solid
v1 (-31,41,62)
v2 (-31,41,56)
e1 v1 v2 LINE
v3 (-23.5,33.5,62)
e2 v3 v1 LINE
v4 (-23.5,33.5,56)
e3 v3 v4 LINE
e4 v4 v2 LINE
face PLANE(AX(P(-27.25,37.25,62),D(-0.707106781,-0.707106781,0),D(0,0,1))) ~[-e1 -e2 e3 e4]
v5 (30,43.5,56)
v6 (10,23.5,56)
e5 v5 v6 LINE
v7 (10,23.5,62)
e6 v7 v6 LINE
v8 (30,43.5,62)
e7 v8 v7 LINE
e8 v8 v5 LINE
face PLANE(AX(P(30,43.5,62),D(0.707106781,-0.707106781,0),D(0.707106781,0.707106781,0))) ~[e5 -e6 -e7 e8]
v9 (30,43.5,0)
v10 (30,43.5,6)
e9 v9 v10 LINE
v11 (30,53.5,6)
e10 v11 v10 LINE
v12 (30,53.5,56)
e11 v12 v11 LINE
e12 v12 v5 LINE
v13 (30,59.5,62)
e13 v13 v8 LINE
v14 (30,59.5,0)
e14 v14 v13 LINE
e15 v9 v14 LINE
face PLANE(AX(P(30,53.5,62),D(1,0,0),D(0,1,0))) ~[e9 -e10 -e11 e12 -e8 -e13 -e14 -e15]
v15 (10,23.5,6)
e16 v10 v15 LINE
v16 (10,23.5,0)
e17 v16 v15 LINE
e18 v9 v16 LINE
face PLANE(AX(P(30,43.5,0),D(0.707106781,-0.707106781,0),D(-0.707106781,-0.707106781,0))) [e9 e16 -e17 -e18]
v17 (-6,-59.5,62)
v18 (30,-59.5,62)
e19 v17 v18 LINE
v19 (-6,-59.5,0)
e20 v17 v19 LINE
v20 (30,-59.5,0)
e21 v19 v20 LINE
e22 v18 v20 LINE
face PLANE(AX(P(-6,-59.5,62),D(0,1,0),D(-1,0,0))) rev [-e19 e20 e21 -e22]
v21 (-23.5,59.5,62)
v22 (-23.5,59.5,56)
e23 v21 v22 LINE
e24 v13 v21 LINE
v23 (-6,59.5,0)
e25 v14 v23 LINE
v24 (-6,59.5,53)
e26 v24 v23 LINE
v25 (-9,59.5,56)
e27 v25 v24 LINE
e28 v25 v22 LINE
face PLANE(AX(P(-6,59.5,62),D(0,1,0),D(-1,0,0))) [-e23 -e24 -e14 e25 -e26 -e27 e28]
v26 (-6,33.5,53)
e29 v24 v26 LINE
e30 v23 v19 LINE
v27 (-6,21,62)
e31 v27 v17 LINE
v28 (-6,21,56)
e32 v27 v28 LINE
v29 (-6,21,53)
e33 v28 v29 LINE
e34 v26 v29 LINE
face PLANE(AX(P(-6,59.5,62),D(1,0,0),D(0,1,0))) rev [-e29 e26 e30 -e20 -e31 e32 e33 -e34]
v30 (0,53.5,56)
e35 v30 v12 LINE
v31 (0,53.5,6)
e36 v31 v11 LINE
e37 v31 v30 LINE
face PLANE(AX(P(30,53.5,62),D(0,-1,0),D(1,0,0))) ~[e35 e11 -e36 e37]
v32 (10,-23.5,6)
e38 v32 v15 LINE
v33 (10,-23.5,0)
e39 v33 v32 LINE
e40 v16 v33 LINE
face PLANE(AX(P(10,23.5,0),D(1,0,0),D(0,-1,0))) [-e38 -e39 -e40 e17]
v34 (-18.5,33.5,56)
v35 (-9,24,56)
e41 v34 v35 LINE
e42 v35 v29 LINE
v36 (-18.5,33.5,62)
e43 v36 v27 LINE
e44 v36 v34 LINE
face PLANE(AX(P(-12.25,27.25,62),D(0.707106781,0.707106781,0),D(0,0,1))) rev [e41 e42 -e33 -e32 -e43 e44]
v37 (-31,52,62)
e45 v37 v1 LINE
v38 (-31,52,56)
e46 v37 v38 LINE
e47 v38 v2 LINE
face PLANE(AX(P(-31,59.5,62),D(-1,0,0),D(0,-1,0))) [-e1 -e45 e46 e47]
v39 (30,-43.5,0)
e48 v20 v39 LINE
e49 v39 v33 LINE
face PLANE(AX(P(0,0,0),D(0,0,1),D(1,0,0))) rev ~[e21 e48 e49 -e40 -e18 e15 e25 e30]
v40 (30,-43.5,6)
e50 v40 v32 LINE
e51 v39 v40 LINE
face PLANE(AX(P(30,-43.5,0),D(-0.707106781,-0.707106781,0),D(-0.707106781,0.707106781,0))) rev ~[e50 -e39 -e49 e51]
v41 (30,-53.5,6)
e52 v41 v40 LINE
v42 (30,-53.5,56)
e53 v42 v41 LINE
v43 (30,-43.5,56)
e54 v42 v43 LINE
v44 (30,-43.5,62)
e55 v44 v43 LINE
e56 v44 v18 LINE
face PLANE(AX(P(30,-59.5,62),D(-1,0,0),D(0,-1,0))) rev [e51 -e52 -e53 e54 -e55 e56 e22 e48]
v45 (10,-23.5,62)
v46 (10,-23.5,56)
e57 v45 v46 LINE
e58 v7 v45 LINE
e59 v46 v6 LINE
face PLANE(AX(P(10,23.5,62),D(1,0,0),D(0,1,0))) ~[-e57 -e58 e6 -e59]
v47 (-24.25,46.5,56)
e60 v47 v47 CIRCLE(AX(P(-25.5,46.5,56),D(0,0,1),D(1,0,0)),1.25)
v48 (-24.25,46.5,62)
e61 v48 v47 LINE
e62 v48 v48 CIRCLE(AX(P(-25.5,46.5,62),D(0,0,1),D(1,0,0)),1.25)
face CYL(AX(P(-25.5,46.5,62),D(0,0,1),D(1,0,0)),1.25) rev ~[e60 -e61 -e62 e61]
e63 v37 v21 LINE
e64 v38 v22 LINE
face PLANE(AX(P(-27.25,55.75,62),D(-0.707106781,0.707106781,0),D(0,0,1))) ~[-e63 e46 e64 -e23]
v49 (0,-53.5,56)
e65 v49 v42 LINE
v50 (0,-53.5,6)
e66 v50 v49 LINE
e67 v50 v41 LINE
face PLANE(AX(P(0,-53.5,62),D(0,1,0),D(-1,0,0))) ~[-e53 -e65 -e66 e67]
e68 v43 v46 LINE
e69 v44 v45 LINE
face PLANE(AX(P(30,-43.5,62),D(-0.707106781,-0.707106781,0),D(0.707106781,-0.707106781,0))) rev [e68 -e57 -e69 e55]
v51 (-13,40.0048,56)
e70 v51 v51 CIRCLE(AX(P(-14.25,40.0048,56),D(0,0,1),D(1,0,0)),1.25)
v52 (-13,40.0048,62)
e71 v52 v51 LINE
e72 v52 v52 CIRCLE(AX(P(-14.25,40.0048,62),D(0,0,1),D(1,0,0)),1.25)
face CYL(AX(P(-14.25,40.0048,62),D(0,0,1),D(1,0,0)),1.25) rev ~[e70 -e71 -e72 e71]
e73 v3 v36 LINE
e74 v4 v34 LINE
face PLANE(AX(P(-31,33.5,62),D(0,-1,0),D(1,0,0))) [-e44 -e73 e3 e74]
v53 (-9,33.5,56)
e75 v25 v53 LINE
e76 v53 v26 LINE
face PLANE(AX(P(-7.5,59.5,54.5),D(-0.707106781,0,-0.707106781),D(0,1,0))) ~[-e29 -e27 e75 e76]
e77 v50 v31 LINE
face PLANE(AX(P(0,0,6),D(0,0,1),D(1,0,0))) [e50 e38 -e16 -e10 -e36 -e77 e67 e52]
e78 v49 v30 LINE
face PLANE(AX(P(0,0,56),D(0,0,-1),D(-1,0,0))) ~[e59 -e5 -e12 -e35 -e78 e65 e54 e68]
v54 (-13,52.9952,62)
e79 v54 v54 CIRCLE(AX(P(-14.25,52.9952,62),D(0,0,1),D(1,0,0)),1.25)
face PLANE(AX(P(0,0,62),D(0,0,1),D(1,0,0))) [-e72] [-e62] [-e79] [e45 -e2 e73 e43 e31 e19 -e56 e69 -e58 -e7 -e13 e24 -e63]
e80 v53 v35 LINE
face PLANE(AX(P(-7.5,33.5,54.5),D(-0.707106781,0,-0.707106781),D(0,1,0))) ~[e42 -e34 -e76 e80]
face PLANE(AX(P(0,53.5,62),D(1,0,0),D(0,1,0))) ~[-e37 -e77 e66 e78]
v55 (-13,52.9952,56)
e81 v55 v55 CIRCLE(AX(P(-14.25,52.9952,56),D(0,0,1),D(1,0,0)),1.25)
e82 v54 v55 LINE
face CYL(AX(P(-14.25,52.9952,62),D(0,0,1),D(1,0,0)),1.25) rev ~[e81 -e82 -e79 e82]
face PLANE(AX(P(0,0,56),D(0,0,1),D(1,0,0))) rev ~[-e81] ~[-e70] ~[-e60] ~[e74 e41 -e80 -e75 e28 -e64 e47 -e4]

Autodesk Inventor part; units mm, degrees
ref_plane "YZ Plane" through (0, 0, 0) normal (1, 0, 0) x (0, 1, 0)
ref_plane "XZ Plane" through (0, 0, 0) normal (0, 1, 0) x (-1, 0, 0)
ref_plane "XY Plane" through (0, 0, 0) normal (0, 0, 1) x (1, 0, 0)
sketch "Sketch1" plane through (0, 0, 0) normal (0, 0, 1) x (1, 0, 0)
  line L0 (0, 0) -> (0, 53.5)
  line L1 (0, 53.5) -> (30, 53.5)
  line L2 (30, 53.5) -> (30, 43.5)
  line L3 (30, 43.5) -> (10, 23.5)
  line L4 (10, 23.5) -> (10, 0)
  line L5 (-6, 0) -> (36, 0) projected
  line L6 (0, 0) -> (0, -53.5)
  line L7 (0, -53.5) -> (30, -53.5)
  line L8 (30, -53.5) -> (30, -43.5)
  line L9 (30, -43.5) -> (10, -23.5)
  line L10 (10, -23.5) -> (10, 0)
  dimension "d0" = 53.5
  dimension "d1" = 10
  dimension "d2" = 10
  dimension "d3" = 135
  dimension "d4" = 30
extrude "Extrusion1" add sketch "Sketch1" along normal blind 6
sketch "Sketch2" plane through (0, 0, 0) normal (0, 0, 1) x (1, 0, 0)
  line L0 (0, -53.5) -> (30, -53.5) projected
  line L1 (0, 53.5) -> (0, -53.5) projected
  line L2 (30, 53.5) -> (0, 53.5) projected
  line L3 (30, 53.5) -> (0, 53.5) projected
  line L4 (30, 53.5) -> (30, 59.5)
  line L5 (30, 59.5) -> (-6, 59.5)
  line L6 (-6, 59.5) -> (-6, -59.5)
  line L7 (-6, -59.5) -> (30, -59.5)
  line L8 (30, -59.5) -> (30, -53.5)
  point P0 (0, 0)
  dimension "d7" = 6
  dimension "d8" = 6
  dimension "d9" = 6
extrude "Extrusion2" add sketch "Sketch2" along normal blind 31
mirror "Mirror1" about plane through (12, 0, 31) normal (0, 0, 1) of "Extrusion1", "Extrusion2"
sketch "Sketch4" plane through (0, 0, 62) normal (0, 0, 1) x (1, 0, 0)
  line L0 (-6, 59.5) -> (-6, -59.5) construction
  line L1 (30, 59.5) -> (-6, 59.5) construction
  line L2 (-6, 59.5) -> (-31, 59.5)
  line L3 (-31, 59.5) -> (-31, 33.5)
  line L4 (-31, 33.5) -> (-6, 33.5)
  line L5 (-6, 59.5) -> (-6, -59.5) projected
  line L6 (-6, 59.5) -> (-6, 33.5)
  line L7 (-18, 22.2914) -> (-18, 69.8308) construction
  line L8 (-26.7913, 46.5) -> (-0.8939, 46.5) construction
  circle A0 centre (-18, 46.5) radius 7.5 construction
  circle A1 centre (-25.5, 46.5) radius 1.25
  circle A2 centre (-14.25, 40.0048) radius 1.25
  circle A3 centre (-14.25, 52.9952) radius 1.25
  point P0 (0, 0)
  dimension "d39" = 15
  dimension "d26" = 25
  dimension "d27" = 26
  dimension "d30" = 12
  dimension "d38" = 13
  dimension "d40" = 2.5
  dimension "d43" = 360
extrude "Extrusion3" add sketch "Sketch4" against normal blind 6
chamfer "Chamfer1" distance 7.5 angle 45 2 edges at (-31, 33.5, 59) (-31, 59.5, 59)
chamfer "Chamfer2" distance 12.5 angle 45 1 edges at (-6, 33.5, 59)
chamfer "Chamfer3" distance 3 angle 45 1 edges at (-6, 46.5, 56)
ref_plane "Work Plane1" through (0, 0, 62) normal (-1, 0, 0) x (0, 1, 0)
equation "\"d0\" = 0.5 * width"
equation "\"d1\" = border"
equation "\"d2\" = border"
equation "\"d5\" = wall_thickness"
equation "\"d7\" = wall_thickness"
equation "\"d8\" = wall_thickness"
equation "\"d9\" = wall_thickness"
equation "\"d10\" = wall_thickness + 0.5 * depth"
equation "\"d38\" = 0.5 * d27"
equation "\"d33\" = wall_thickness"
equation "\"width\" = 107"
equation "\"depth\" = 50"
equation "\"border\" = 10"
equation "\"wall_thickness\" = 6"
properties part number "_3DPrint"
